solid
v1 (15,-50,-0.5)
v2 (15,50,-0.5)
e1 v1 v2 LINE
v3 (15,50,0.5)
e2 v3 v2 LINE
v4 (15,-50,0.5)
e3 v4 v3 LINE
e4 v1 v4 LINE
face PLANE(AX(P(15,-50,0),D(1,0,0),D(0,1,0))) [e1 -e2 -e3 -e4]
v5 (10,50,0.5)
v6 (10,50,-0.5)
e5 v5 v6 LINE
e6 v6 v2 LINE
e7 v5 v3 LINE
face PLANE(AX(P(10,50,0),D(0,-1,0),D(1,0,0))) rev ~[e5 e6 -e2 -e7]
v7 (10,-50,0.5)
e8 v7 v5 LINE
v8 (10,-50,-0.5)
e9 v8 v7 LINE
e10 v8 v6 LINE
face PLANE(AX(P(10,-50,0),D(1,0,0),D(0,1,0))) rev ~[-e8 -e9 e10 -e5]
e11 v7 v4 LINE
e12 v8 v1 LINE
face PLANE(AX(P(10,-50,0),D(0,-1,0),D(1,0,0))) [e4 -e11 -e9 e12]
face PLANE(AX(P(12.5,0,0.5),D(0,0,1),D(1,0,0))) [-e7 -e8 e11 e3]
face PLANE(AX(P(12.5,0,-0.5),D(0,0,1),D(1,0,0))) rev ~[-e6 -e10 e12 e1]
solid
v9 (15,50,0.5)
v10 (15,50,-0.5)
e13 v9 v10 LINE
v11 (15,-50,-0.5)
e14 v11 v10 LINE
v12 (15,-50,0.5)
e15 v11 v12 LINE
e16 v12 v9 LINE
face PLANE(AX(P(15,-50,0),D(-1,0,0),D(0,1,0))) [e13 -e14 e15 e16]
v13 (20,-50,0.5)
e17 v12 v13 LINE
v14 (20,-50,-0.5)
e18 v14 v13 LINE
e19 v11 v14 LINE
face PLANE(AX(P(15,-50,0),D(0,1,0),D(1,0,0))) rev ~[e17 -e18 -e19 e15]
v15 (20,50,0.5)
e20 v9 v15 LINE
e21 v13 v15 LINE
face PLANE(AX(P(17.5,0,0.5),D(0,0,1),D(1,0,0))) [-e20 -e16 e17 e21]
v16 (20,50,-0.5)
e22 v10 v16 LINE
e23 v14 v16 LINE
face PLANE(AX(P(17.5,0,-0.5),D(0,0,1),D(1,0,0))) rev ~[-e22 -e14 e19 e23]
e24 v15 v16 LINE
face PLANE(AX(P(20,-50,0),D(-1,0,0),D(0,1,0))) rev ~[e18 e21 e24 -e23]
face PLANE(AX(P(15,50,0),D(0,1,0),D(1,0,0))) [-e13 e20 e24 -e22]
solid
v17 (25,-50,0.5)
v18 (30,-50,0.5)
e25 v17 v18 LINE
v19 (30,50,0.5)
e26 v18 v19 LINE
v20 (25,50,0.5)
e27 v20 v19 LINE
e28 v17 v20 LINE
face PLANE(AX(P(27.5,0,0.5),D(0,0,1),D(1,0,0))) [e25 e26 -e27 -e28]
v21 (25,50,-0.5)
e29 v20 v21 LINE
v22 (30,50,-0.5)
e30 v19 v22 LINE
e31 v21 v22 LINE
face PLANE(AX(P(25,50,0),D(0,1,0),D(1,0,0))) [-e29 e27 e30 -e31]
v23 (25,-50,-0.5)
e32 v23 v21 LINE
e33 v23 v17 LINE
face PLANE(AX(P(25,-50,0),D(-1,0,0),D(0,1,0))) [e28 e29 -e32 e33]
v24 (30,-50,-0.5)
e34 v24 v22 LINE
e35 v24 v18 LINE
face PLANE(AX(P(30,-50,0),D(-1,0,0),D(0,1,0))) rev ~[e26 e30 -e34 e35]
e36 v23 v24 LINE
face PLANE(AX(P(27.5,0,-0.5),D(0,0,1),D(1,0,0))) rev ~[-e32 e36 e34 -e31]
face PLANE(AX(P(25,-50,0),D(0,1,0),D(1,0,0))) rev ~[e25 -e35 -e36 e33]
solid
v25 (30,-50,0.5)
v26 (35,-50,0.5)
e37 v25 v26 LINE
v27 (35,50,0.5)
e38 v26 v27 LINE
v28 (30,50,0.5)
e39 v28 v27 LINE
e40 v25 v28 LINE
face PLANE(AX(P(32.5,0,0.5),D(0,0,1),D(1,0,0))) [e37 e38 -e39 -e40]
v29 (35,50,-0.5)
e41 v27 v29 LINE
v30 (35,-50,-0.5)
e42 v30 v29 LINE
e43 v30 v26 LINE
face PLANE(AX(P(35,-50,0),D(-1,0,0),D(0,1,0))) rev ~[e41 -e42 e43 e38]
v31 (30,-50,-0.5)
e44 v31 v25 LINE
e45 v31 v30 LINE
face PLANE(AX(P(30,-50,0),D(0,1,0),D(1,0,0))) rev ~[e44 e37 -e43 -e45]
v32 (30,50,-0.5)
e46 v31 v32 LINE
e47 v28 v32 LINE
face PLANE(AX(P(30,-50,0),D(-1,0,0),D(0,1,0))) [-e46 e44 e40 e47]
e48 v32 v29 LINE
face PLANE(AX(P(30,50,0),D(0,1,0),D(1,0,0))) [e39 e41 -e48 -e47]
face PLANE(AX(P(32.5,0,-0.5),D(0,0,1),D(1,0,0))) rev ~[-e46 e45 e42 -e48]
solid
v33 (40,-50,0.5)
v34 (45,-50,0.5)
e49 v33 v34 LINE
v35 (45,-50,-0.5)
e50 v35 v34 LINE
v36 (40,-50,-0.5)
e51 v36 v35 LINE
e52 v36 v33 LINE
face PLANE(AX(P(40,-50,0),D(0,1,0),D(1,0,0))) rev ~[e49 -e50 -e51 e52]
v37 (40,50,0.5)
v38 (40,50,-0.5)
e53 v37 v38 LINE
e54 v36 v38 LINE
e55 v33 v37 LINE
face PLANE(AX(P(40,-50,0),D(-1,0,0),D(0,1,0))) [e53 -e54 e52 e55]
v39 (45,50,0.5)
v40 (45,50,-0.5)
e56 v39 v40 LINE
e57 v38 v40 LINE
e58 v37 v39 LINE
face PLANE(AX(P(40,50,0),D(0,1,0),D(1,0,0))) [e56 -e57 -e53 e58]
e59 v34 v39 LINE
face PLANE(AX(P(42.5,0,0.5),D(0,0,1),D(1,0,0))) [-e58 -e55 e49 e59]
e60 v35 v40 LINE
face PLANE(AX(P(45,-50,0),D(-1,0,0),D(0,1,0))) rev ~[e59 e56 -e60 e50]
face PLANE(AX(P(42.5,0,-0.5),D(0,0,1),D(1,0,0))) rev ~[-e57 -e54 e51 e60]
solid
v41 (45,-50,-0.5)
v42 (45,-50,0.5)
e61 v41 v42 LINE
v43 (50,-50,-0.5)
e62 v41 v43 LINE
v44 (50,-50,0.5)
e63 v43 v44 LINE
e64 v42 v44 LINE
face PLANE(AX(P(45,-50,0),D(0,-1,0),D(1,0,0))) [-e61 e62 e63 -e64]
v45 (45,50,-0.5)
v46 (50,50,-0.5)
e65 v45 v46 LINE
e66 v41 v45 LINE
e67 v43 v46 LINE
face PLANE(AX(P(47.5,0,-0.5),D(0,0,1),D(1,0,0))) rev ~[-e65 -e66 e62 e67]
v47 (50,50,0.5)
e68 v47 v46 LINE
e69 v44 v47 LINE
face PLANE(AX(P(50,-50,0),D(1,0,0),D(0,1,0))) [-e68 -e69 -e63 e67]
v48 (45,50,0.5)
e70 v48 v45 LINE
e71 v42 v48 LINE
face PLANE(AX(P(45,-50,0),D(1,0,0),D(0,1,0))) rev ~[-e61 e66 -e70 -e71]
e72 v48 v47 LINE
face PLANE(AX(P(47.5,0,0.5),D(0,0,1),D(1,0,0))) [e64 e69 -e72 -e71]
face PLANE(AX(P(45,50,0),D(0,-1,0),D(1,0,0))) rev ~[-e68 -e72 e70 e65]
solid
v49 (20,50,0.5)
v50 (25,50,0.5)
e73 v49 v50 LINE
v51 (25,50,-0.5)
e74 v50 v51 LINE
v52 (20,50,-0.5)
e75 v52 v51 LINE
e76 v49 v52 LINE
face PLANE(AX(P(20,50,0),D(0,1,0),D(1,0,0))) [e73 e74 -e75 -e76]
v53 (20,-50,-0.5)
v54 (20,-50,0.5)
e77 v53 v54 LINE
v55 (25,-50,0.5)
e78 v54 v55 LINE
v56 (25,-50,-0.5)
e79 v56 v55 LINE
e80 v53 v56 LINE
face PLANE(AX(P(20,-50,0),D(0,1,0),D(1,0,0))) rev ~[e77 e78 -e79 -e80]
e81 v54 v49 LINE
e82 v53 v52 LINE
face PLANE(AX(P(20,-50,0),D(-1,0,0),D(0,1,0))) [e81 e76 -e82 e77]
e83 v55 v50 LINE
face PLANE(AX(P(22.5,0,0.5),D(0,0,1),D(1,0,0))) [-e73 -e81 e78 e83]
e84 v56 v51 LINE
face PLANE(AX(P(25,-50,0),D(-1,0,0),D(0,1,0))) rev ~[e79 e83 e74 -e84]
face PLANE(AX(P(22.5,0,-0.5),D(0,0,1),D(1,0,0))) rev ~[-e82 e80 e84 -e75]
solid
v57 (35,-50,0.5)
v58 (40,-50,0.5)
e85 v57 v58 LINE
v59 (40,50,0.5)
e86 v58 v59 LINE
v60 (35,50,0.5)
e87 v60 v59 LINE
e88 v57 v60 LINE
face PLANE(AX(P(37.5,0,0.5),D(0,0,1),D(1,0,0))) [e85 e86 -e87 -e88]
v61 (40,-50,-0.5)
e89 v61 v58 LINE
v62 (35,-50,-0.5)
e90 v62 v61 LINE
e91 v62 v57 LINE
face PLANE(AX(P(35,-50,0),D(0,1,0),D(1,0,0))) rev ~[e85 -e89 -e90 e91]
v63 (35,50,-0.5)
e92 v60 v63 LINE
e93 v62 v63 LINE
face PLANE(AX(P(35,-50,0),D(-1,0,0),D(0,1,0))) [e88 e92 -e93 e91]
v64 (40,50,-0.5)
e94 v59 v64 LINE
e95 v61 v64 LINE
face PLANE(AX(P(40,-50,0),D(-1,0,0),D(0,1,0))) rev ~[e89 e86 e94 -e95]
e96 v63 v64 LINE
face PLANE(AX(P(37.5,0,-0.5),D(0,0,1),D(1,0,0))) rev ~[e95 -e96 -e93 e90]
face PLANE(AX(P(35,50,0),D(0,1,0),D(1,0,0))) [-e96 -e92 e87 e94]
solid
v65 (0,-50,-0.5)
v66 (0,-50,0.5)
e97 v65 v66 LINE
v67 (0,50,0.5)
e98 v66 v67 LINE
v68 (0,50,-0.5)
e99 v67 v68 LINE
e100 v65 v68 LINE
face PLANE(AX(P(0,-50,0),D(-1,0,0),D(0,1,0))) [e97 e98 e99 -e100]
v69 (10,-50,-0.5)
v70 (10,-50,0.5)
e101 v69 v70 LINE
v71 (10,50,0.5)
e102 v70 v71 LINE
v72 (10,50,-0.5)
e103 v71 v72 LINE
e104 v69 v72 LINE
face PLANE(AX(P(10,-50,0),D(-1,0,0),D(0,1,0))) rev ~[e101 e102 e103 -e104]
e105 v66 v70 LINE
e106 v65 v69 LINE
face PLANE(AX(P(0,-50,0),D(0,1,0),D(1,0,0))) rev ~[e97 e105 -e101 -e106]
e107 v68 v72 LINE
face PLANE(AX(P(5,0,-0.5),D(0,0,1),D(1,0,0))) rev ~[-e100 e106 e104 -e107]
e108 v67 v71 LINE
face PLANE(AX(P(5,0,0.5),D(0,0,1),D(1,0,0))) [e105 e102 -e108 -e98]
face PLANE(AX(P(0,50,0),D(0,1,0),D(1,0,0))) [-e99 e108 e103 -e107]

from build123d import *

# Parameters (mm, degrees)
F0_W     = 10
F0_H     = 100
F0_W_2   = 5
F1_DEPTH = 0.5
F2_DEPTH = 0.5


with BuildPart() as f1:
    # F0 (on Top) → F1 (new body, symmetric)
    with BuildSketch(Plane.XY):
        with Locations((5, 0)):
            Rectangle(F0_W, F0_H)
        with Locations((17.5, 0)):
            Rectangle(F0_W_2, F0_H)
        with Locations((27.5, 0)):
            Rectangle(F0_W_2, F0_H)
        with Locations((37.5, 0)):
            Rectangle(F0_W_2, F0_H)
        with Locations((47.5, 0)):
            Rectangle(F0_W_2, F0_H)
    extrude(amount=F1_DEPTH, both=True)


with BuildPart() as f2:
    # F0 (on Top) → F2 (new body, symmetric)
    with BuildSketch(Plane.XY):
        with Locations((42.5, 0)):
            Rectangle(F0_W_2, F0_H)
        with Locations((32.5, 0)):
            Rectangle(F0_W_2, F0_H)
        with Locations((22.5, 0)):
            Rectangle(F0_W_2, F0_H)
        with Locations((12.5, 0)):
            Rectangle(F0_W_2, F0_H)
    extrude(amount=F2_DEPTH, both=True)


solid = Compound([f1.part, f2.part])
